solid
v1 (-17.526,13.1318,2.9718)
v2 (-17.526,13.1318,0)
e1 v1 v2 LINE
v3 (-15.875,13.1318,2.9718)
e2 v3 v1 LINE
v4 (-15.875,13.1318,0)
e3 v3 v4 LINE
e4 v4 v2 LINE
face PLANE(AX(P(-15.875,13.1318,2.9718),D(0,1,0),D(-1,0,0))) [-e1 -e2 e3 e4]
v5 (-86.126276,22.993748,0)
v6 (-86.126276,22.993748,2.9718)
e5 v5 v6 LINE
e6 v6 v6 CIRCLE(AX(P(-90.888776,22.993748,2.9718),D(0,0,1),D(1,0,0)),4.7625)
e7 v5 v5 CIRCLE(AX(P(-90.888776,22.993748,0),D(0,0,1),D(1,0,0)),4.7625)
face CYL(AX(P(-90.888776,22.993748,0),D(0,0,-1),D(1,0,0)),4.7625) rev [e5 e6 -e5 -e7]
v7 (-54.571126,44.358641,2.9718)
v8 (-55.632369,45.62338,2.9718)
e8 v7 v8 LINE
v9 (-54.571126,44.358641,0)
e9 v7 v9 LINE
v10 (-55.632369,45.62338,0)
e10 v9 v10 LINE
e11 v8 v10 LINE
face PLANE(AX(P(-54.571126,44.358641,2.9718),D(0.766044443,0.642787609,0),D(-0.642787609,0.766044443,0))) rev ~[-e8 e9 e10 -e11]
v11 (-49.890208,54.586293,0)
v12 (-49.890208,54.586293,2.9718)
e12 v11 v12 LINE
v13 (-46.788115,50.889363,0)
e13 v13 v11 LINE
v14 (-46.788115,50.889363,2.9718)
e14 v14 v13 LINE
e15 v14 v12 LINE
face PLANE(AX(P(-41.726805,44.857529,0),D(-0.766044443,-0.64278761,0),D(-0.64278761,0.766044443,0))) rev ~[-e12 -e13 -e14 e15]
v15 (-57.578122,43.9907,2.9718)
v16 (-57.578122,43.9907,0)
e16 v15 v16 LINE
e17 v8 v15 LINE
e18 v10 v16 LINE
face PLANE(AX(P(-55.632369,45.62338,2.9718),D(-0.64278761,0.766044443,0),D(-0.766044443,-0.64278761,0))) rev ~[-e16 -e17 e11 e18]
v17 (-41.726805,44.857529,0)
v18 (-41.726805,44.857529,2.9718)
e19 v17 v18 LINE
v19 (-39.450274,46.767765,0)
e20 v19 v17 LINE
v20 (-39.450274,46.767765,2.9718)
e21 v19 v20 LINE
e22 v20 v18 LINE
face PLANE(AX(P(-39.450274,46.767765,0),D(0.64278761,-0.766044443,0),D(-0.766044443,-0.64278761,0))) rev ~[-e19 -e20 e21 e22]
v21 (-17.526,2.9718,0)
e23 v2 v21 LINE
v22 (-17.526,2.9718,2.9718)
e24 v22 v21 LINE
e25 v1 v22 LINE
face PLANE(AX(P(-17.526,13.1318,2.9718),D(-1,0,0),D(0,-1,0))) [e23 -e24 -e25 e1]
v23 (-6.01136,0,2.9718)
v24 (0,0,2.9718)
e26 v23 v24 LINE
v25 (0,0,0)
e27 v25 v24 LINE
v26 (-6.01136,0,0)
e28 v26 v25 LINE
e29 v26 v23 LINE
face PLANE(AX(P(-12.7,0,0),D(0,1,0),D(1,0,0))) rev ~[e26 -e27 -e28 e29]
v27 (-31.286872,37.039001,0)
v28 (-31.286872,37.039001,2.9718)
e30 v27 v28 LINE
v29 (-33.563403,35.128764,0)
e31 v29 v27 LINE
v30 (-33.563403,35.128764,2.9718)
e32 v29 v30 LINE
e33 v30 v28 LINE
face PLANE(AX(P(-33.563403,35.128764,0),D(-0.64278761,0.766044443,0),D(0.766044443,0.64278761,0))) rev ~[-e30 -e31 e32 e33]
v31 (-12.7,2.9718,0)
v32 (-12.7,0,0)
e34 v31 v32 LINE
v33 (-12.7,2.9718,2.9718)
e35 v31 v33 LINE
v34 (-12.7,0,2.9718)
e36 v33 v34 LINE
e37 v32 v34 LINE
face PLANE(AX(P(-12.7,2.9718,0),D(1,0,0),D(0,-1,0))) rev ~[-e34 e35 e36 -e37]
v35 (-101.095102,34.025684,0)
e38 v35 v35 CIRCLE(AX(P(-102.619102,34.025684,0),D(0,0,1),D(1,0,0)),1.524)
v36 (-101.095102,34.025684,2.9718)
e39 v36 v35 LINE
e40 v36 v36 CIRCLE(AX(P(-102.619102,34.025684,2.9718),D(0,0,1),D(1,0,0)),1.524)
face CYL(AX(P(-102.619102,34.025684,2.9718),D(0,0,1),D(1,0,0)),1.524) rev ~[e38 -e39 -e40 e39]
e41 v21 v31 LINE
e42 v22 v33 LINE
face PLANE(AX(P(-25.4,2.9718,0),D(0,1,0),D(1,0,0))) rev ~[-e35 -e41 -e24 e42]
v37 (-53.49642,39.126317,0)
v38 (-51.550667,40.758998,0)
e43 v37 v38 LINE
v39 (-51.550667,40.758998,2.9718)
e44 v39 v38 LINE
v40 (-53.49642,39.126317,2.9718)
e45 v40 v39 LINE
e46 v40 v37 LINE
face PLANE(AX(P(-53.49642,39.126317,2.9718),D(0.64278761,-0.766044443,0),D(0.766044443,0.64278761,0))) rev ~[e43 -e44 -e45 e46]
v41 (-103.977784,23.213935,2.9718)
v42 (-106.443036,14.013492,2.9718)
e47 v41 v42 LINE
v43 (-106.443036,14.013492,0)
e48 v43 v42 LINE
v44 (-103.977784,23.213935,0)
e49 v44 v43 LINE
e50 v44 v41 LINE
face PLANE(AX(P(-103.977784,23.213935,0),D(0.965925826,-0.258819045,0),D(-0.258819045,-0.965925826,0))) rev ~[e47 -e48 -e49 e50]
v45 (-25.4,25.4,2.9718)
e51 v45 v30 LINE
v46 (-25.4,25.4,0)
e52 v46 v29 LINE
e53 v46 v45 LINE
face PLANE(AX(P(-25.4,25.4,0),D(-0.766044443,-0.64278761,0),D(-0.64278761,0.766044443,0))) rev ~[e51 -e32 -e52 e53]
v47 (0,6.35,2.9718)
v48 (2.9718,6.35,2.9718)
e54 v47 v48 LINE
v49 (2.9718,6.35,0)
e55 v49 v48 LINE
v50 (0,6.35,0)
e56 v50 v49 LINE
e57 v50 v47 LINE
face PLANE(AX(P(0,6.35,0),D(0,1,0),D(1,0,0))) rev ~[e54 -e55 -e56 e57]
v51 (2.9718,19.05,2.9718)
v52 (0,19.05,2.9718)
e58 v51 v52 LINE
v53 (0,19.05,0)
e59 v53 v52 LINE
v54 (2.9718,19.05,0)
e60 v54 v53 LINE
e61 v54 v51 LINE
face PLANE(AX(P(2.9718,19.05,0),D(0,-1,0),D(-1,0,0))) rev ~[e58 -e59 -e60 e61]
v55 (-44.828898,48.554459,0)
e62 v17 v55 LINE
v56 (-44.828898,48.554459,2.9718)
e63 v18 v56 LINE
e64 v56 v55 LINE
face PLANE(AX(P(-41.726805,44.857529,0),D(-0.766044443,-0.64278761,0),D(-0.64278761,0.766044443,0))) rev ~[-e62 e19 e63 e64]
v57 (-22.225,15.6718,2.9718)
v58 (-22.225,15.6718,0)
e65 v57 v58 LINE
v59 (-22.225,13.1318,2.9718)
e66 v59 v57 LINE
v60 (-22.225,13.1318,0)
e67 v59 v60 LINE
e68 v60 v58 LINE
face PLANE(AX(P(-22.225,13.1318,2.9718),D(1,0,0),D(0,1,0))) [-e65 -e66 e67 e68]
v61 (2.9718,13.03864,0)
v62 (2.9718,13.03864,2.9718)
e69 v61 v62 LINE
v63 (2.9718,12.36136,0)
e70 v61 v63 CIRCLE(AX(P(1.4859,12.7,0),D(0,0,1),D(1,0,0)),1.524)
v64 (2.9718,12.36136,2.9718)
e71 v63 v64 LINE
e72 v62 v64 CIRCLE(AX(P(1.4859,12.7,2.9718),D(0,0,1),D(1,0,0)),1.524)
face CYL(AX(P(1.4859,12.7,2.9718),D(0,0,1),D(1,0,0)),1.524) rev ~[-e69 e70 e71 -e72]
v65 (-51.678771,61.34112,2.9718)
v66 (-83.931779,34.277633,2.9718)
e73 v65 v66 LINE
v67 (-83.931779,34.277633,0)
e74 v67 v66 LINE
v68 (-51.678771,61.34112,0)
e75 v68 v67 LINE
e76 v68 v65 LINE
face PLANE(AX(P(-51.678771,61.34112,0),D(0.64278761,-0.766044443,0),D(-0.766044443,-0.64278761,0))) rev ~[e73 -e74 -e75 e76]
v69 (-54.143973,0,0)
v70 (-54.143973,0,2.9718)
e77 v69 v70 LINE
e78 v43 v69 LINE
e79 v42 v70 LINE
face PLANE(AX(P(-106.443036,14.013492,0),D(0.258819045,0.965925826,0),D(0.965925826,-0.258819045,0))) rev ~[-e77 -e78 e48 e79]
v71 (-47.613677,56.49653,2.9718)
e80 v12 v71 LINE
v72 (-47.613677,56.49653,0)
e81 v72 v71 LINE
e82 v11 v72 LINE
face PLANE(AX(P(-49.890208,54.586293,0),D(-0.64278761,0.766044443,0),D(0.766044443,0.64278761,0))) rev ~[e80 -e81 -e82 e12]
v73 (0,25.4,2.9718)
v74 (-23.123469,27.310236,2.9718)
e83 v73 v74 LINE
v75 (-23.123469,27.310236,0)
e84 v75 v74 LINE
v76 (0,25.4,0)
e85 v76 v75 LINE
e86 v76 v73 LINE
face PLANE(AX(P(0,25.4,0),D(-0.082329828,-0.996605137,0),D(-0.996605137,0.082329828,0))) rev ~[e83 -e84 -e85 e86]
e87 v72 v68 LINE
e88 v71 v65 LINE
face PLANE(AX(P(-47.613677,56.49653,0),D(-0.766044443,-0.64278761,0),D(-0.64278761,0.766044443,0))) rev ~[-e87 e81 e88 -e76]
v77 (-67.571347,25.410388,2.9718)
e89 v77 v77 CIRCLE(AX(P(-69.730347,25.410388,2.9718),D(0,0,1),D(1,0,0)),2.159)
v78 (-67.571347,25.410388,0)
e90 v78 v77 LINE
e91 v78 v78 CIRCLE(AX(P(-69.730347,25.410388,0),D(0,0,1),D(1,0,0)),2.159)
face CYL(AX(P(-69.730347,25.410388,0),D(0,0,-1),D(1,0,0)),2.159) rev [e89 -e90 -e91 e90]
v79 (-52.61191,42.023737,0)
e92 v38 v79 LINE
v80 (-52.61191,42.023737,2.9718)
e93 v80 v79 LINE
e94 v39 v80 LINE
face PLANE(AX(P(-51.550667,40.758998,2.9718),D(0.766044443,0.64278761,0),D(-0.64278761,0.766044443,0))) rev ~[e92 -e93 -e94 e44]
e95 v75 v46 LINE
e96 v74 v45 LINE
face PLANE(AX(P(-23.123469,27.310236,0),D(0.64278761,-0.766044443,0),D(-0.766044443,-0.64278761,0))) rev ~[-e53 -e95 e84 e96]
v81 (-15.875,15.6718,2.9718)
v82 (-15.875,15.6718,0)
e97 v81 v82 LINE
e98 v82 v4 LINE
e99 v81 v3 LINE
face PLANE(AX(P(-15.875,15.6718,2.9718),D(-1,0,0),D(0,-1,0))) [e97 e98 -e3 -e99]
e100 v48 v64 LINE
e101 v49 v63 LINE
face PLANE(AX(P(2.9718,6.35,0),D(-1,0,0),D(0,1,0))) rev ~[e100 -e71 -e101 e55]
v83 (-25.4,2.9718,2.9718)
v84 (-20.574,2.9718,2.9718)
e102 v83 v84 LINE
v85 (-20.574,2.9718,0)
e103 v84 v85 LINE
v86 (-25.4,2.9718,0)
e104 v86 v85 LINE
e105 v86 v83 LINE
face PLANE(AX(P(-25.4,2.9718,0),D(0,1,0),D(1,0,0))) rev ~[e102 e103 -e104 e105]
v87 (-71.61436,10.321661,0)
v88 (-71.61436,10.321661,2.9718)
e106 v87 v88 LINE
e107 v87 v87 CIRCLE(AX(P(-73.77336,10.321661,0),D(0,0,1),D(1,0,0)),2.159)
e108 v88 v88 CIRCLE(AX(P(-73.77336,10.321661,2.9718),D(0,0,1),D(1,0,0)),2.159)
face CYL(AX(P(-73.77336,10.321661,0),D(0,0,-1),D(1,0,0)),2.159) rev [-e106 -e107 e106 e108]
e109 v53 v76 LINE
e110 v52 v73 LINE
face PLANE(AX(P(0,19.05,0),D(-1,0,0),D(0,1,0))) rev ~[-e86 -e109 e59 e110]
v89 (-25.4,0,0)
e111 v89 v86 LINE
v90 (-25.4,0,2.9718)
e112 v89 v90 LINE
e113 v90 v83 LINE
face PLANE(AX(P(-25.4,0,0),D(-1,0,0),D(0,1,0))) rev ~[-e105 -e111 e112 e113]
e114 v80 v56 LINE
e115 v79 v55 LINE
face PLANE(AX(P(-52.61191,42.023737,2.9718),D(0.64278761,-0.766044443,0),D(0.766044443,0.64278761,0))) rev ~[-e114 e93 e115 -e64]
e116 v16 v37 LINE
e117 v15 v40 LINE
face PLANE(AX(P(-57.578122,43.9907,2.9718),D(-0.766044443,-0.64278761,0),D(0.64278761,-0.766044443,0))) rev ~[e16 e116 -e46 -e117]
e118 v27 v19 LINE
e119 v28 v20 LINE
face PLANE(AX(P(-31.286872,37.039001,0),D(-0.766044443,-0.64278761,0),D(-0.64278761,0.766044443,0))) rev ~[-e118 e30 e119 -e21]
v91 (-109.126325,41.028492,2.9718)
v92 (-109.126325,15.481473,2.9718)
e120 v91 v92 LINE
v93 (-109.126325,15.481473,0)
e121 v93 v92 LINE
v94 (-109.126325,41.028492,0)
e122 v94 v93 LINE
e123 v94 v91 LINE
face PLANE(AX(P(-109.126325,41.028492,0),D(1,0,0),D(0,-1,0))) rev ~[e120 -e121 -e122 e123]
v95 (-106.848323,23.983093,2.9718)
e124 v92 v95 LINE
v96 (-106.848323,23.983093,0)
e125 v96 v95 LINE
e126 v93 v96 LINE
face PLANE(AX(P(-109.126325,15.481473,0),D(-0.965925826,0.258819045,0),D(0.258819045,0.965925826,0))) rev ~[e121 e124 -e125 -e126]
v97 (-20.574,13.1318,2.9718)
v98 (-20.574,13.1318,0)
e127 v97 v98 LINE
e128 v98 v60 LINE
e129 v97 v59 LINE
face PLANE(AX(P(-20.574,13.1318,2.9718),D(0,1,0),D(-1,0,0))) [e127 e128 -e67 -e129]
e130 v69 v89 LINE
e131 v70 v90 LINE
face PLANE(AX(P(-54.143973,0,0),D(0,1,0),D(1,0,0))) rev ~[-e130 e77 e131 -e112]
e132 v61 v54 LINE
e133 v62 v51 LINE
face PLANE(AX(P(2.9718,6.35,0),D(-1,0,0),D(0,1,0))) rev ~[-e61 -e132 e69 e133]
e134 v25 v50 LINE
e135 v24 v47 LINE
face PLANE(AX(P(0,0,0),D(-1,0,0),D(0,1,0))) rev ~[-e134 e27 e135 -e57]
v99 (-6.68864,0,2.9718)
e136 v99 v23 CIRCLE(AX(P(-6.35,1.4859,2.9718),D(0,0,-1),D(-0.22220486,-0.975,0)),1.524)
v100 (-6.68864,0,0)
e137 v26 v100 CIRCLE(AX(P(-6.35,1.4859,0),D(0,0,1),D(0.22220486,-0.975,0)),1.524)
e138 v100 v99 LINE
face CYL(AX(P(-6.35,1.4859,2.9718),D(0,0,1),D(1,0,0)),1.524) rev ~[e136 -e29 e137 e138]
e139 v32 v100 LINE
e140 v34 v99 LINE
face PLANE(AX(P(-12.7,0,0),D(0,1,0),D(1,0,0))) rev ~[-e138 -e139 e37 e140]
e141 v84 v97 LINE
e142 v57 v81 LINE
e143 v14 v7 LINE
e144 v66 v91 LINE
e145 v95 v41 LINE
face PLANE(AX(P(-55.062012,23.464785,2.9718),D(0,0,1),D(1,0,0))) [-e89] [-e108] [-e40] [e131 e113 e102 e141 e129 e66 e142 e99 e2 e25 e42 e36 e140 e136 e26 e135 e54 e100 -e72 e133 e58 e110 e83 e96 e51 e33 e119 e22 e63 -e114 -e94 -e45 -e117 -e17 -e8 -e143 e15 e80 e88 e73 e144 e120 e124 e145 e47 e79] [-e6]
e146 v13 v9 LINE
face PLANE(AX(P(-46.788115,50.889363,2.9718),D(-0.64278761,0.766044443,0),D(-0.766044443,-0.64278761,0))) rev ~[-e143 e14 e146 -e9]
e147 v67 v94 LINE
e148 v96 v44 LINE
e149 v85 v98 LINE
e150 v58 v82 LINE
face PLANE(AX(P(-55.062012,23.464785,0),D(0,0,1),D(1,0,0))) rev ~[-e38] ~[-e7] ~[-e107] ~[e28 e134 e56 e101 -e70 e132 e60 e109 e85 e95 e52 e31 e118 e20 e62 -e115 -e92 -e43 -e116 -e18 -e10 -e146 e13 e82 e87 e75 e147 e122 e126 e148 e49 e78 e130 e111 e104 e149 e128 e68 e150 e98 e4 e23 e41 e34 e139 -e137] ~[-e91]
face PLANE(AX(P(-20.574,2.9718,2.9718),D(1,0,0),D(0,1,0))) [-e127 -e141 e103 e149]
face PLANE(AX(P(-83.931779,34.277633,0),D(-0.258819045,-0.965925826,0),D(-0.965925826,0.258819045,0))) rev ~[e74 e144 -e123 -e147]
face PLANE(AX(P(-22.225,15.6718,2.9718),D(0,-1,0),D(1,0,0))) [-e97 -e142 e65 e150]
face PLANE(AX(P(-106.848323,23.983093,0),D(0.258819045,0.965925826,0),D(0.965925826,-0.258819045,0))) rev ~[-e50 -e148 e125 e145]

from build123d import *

# Parameters (mm, degrees)
SKETCH1_R           = 2.159
SKETCH1_R_2         = 4.7625
BOSS_EXTRUDE1_DEPTH = 2.9718
SKETCH2_R           = 1.524
CUT_EXTRUDE2_DEPTH  = 3.9718


with BuildPart() as part:
    # Sketch1 → Boss-Extrude1 (new body)
    with BuildSketch(Plane.XY):
        Polygon((-109.126324886, 41.028491651), (-109.126324886, 15.481473491), (-106.848322687, 23.983093437), (-103.977784316, 23.213934999), (-106.443035721, 14.013491503), (-54.143973439, 0), (-25.4, 0), (-25.4, 2.9718), (-12.7, 2.9718), (-12.7, 0), (0, 0), (0, 6.35), (2.9718, 6.35), (2.9718, 19.05), (0, 19.05), (0, 25.4), (-23.123469124, 27.310236218), (-25.4, 25.4), (-33.563402643, 35.128764428), (-31.286871767, 37.039000646), (-39.45027441, 46.767765074), (-41.726805286, 44.857528855), (-49.890207929, 54.586293283), (-47.613677053, 56.496529501), (-51.67877148, 61.341120389), (-83.931779224, 34.277633487), align=None)
        with Locations((-73.773359536, 10.321661037)):
            Circle(SKETCH1_R, mode=Mode.SUBTRACT)
        with Locations((-90.888775854, 22.993747625)):
            Circle(SKETCH1_R_2, mode=Mode.SUBTRACT)
        with Locations((-69.730347232, 25.410388369)):
            Circle(SKETCH1_R, mode=Mode.SUBTRACT)
    extrude(amount=BOSS_EXTRUDE1_DEPTH)

    # Sketch2 → Cut-Extrude2 (cut, through all)
    with BuildSketch(Plane.XY.offset(2.9718)):
        with Locations((1.4859, 12.7)):
            Circle(SKETCH2_R)
        with Locations((-6.35, 1.4859)):
            Circle(SKETCH2_R)
        with Locations((-102.61910191, 34.025683513)):
            Circle(SKETCH2_R)
        Polygon((-22.225, 15.6718), (-15.875, 15.6718), (-15.875, 13.1318), (-17.526, 13.1318), (-17.526, 2.9718), (-20.574, 2.9718), (-20.574, 13.1318), (-22.225, 13.1318), align=None)
        Polygon((-57.578121696, 43.990699533), (-53.496420374, 39.126317319), (-51.550667489, 40.758997848), (-52.611909832, 42.023737223), (-44.82889829, 48.554459338), (-46.788114925, 50.8893628), (-54.571126467, 44.358640686), (-55.63236881, 45.623380062), align=None)
    extrude(amount=-CUT_EXTRUDE2_DEPTH, mode=Mode.SUBTRACT)


solid = part.part
